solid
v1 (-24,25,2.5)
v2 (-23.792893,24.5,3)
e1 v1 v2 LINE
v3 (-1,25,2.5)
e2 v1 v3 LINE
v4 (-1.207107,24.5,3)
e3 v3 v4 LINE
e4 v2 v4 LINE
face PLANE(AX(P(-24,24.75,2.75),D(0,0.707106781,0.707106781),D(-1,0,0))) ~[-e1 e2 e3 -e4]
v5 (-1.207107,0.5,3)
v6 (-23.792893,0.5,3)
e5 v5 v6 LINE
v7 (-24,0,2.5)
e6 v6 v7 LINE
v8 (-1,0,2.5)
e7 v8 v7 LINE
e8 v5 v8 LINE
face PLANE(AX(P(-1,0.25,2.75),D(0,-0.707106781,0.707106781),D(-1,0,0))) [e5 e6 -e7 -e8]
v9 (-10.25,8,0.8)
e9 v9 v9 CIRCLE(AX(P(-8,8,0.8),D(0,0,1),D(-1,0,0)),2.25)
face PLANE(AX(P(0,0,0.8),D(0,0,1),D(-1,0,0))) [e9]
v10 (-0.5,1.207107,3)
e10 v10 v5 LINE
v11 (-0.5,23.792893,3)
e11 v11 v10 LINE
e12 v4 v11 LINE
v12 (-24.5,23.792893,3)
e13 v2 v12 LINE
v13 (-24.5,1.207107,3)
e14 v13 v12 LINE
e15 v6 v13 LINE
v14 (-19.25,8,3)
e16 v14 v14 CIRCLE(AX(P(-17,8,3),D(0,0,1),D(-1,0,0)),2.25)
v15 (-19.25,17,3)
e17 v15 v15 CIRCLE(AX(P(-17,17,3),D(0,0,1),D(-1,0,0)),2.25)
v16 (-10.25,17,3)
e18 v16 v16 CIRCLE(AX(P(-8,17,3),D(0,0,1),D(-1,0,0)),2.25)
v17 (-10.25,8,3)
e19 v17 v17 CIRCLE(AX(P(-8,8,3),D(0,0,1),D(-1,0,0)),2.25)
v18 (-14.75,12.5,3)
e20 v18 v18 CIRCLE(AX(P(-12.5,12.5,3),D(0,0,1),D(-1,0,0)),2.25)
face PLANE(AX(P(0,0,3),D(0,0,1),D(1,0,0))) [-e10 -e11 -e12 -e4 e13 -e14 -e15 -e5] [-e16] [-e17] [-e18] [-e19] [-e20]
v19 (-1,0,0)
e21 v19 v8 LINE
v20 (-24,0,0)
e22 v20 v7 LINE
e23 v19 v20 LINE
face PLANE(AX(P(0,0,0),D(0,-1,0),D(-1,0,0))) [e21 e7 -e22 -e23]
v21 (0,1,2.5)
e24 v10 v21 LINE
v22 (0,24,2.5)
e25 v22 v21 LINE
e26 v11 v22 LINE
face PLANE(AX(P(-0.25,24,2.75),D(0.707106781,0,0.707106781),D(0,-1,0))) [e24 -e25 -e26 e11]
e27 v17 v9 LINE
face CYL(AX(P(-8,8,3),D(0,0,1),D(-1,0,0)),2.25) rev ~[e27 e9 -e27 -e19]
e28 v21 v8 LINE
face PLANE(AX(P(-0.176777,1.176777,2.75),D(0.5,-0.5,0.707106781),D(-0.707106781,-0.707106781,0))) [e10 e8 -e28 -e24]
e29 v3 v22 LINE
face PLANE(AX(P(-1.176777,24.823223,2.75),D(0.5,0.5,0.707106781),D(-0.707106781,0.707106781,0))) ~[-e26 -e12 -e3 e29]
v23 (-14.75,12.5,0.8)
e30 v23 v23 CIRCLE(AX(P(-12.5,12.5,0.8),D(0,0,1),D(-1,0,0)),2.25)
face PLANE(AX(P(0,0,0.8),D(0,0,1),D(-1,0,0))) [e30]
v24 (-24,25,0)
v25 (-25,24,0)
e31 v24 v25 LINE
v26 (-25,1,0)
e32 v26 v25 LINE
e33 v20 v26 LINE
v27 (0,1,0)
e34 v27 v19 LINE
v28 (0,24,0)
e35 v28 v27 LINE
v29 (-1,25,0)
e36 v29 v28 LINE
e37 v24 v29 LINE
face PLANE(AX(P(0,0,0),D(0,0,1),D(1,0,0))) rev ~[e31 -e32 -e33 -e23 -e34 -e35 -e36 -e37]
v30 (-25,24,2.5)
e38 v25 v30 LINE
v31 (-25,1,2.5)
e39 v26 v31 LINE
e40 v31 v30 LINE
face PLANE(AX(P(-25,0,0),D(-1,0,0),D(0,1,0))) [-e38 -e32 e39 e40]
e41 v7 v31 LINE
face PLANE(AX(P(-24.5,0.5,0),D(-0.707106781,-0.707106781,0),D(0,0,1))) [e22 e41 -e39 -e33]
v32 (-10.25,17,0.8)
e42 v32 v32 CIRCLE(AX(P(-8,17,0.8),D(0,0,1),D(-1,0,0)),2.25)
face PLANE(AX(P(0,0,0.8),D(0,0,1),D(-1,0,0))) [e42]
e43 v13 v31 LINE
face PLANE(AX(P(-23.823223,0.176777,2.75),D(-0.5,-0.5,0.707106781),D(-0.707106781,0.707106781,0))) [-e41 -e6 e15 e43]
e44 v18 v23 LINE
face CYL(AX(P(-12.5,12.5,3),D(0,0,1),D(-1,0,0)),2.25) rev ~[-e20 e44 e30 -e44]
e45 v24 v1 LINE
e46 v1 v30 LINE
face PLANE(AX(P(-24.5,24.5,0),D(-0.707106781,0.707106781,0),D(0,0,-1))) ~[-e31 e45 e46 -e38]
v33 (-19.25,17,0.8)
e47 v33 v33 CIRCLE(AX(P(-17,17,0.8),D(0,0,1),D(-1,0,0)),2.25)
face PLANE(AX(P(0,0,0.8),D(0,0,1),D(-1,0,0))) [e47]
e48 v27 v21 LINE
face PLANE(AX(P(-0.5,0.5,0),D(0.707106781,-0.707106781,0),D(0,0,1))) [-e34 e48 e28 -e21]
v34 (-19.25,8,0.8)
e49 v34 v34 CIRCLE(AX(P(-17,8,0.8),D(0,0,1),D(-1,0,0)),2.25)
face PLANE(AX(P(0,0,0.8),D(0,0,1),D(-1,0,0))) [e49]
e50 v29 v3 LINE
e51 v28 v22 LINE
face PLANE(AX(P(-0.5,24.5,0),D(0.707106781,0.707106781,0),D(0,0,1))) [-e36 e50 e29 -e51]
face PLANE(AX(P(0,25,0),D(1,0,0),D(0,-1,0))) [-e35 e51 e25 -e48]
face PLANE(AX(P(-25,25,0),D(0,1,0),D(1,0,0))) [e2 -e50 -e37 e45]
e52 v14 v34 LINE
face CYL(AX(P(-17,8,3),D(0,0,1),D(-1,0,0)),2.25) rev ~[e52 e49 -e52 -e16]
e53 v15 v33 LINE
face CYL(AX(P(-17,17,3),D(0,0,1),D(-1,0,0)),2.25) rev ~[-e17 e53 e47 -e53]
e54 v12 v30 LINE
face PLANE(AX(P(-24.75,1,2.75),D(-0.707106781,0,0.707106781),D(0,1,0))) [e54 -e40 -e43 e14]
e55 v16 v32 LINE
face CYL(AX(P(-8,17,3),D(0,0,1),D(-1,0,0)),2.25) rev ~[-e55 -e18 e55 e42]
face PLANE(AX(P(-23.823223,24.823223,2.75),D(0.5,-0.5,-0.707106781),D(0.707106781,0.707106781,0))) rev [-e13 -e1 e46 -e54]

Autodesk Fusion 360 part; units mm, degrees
sketch "Sketch1" plane through (0, 0, 0) normal (0, 0, 1) x (1, 0, 0)
  line L0 (-100, 100) -> (0, 100)
  line L1 (0, 100) -> (0, 0)
  line L2 (0, 0) -> (-100, 0)
  line L3 (-100, 0) -> (-100, 100)
extrude "Extrude1" add sketch "Sketch1" along normal blind 3 makes body 1
sketch "Sketch2" plane through (0, 0, 3) normal (0, 0, 1) x (-1, 0, 0)
  line L0 (100, 0) -> (0, 0)
  line L1 (0, 0) -> (0, -100)
  line L2 (0, -100) -> (100, -100)
  line L3 (100, -100) -> (100, 0)
  circle A0 centre (50, -50) radius 2.75
  dimension "d3" = 5.5
extrude "Extrude2" add sketch "Sketch2" along normal blind 1 contours L0 L1 L2 L3 | A0 bodies 1
sketch "Sketch3" plane through (0, 0, 4) normal (0, 0, 1) x (-1, 0, 0)
  line L0 (100, -100) -> (100, 0)
  line L1 (100, 0) -> (0, 0)
  line L2 (0, 0) -> (0, -100)
  line L3 (0, -100) -> (100, -100)
  circle A0 centre (50, -50) radius 2.75
  dimension "d6" = 5.5
extrude "Extrude3" cut sketch "Sketch3" against normal blind 3.25 contours A0 bodies 1
chamfer "Chamfer1" distance 0.5 angle 45 1 edges at (-47.4361, 49.0056, 4) on bodies 1
sketch "Sketch4" plane through (0, 0, 0) normal (0, 0, 1) x (1, 0, 0)
  line L0 (0, 0) -> (-25, 0)
  line L1 (-25, 0) -> (-25, 25)
  line L2 (-25, 25) -> (0, 25)
  line L3 (0, 25) -> (0, 0)
extrude "Extrude4" add sketch "Sketch4" along normal blind 3 separate body makes body 2
extrude "Extrude5" add 1 faces at (-8.3333, 8.3333, 3) along direction (0, 0, 1) blind 1 on bodies 2 bodies 2
sketch "Sketch5" plane through (0, 0, 4) normal (0, 0, 1) x (-1, 0, 0)
  line L0 (0, -25) -> (25, -25)
  line L1 (25, -25) -> (25, 0)
  line L2 (25, 0) -> (0, 0)
  line L3 (0, 0) -> (0, -25)
  circle A0 centre (12.5, -12.5) radius 2.75
  dimension "d14" = 5.5
extrude "Extrude6" cut sketch "Sketch5" against normal blind 3.25 contours A0 bodies 2
chamfer "Chamfer2" distance 0.5 angle 45 1 edges at (-9.9361, 11.5056, 4) on bodies 2
chamfer "Chamfer3" distance 0.5 angle 45 4 edges at (-12.5, 0, 4) (-25, 12.5, 4) (0, 12.5, 4) (-12.5, 25, 4) on bodies 2
sketch "Sketch6" plane through (0, 0, 4) normal (0, 0, 1) x (-1, 0, 0)
  circle A0 centre (12.5, -12.5) radius 3.25
  line L0 (0.5, -24.5) -> (24.5, -24.5)
  line L1 (24.5, -24.5) -> (24.5, -0.5)
  line L2 (24.5, -0.5) -> (0.5, -0.5)
  line L3 (0.5, -0.5) -> (0.5, -24.5)
  circle A1 centre (5, -5) radius 2.75
  circle A2 centre (20, -5) radius 2.75
  circle A3 centre (5, -20) radius 2.75
  circle A4 centre (20, -20) radius 2.75
  dimension "d19" = 5.5
  dimension "d20" = 5.5
  dimension "d21" = 5.5
  dimension "d22" = 5.5
extrude "Extrude7" cut sketch "Sketch6" against normal blind 3.25 contours A1 | A2 | A3 | A4 bodies 2
chamfer "Chamfer4" distance 0.5 angle 45 4 edges at (-2.4361, 4.0056, 4) (-17.4361, 4.0056, 4) (-17.4361, 19.0056, 4) (-2.4361, 19.0056, 4) on bodies 2
sketch "Sketch7" plane through (0, 0, 0) normal (0, 0, 1) x (1, 0, 0)
  line L0 (-25, 25) -> (0, 25)
  line L1 (0, 25) -> (0, 0)
  line L2 (0, 0) -> (-25, 0)
  line L3 (-25, 0) -> (-25, 25)
extrude "Extrude8" add sketch "Sketch7" along normal blind 3 separate body makes body 3
chamfer "Chamfer5" distance 1 angle 45 4 edges at (0, 25, 1.5) (0, 0, 1.5) (-25, 0, 1.5) (-25, 25, 1.5) on bodies 3
chamfer "Chamfer6" distance 0.5 angle 45 8 edges at (-0.5, 0.5, 3) (-12.5, 0, 3) (-24.5, 0.5, 3) (-25, 12.5, 3) (0, 12.5, 3) (-0.5, 24.5, 3) (-12.5, 25, 3) (-24.5, 24.5, 3) on bodies 3
sketch "Sketch8" plane through (0, 0, 3) normal (0, 0, 1) x (-1, 0, 0)
  line L0 (1.2071, -24.5) -> (23.7929, -24.5)
  line L1 (23.7929, -24.5) -> (24.5, -23.7929)
  line L2 (24.5, -23.7929) -> (24.5, -1.2071)
  line L3 (24.5, -1.2071) -> (23.7929, -0.5)
  line L4 (23.7929, -0.5) -> (1.2071, -0.5)
  line L5 (1.2071, -0.5) -> (0.5, -1.2071)
  line L6 (0.5, -1.2071) -> (0.5, -23.7929)
  line L7 (0.5, -23.7929) -> (1.2071, -24.5)
  circle A0 centre (12.5, -12.5) radius 2.25
  circle A1 centre (17, -17) radius 2.25
  circle A2 centre (8, -17) radius 2.25
  circle A3 centre (17, -8) radius 2.25
  circle A4 centre (8, -8) radius 2.25
  dimension "d30" = 4.5
  dimension "d31" = 4.5
  dimension "d32" = 4.5
  dimension "d33" = 4.5
  dimension "d34" = 4.5
extrude "Extrude9" cut sketch "Sketch8" against normal blind 2.2 contours A0 | A1 | A2 | A3 | A4 bodies 3
hidden bodies 1 2
